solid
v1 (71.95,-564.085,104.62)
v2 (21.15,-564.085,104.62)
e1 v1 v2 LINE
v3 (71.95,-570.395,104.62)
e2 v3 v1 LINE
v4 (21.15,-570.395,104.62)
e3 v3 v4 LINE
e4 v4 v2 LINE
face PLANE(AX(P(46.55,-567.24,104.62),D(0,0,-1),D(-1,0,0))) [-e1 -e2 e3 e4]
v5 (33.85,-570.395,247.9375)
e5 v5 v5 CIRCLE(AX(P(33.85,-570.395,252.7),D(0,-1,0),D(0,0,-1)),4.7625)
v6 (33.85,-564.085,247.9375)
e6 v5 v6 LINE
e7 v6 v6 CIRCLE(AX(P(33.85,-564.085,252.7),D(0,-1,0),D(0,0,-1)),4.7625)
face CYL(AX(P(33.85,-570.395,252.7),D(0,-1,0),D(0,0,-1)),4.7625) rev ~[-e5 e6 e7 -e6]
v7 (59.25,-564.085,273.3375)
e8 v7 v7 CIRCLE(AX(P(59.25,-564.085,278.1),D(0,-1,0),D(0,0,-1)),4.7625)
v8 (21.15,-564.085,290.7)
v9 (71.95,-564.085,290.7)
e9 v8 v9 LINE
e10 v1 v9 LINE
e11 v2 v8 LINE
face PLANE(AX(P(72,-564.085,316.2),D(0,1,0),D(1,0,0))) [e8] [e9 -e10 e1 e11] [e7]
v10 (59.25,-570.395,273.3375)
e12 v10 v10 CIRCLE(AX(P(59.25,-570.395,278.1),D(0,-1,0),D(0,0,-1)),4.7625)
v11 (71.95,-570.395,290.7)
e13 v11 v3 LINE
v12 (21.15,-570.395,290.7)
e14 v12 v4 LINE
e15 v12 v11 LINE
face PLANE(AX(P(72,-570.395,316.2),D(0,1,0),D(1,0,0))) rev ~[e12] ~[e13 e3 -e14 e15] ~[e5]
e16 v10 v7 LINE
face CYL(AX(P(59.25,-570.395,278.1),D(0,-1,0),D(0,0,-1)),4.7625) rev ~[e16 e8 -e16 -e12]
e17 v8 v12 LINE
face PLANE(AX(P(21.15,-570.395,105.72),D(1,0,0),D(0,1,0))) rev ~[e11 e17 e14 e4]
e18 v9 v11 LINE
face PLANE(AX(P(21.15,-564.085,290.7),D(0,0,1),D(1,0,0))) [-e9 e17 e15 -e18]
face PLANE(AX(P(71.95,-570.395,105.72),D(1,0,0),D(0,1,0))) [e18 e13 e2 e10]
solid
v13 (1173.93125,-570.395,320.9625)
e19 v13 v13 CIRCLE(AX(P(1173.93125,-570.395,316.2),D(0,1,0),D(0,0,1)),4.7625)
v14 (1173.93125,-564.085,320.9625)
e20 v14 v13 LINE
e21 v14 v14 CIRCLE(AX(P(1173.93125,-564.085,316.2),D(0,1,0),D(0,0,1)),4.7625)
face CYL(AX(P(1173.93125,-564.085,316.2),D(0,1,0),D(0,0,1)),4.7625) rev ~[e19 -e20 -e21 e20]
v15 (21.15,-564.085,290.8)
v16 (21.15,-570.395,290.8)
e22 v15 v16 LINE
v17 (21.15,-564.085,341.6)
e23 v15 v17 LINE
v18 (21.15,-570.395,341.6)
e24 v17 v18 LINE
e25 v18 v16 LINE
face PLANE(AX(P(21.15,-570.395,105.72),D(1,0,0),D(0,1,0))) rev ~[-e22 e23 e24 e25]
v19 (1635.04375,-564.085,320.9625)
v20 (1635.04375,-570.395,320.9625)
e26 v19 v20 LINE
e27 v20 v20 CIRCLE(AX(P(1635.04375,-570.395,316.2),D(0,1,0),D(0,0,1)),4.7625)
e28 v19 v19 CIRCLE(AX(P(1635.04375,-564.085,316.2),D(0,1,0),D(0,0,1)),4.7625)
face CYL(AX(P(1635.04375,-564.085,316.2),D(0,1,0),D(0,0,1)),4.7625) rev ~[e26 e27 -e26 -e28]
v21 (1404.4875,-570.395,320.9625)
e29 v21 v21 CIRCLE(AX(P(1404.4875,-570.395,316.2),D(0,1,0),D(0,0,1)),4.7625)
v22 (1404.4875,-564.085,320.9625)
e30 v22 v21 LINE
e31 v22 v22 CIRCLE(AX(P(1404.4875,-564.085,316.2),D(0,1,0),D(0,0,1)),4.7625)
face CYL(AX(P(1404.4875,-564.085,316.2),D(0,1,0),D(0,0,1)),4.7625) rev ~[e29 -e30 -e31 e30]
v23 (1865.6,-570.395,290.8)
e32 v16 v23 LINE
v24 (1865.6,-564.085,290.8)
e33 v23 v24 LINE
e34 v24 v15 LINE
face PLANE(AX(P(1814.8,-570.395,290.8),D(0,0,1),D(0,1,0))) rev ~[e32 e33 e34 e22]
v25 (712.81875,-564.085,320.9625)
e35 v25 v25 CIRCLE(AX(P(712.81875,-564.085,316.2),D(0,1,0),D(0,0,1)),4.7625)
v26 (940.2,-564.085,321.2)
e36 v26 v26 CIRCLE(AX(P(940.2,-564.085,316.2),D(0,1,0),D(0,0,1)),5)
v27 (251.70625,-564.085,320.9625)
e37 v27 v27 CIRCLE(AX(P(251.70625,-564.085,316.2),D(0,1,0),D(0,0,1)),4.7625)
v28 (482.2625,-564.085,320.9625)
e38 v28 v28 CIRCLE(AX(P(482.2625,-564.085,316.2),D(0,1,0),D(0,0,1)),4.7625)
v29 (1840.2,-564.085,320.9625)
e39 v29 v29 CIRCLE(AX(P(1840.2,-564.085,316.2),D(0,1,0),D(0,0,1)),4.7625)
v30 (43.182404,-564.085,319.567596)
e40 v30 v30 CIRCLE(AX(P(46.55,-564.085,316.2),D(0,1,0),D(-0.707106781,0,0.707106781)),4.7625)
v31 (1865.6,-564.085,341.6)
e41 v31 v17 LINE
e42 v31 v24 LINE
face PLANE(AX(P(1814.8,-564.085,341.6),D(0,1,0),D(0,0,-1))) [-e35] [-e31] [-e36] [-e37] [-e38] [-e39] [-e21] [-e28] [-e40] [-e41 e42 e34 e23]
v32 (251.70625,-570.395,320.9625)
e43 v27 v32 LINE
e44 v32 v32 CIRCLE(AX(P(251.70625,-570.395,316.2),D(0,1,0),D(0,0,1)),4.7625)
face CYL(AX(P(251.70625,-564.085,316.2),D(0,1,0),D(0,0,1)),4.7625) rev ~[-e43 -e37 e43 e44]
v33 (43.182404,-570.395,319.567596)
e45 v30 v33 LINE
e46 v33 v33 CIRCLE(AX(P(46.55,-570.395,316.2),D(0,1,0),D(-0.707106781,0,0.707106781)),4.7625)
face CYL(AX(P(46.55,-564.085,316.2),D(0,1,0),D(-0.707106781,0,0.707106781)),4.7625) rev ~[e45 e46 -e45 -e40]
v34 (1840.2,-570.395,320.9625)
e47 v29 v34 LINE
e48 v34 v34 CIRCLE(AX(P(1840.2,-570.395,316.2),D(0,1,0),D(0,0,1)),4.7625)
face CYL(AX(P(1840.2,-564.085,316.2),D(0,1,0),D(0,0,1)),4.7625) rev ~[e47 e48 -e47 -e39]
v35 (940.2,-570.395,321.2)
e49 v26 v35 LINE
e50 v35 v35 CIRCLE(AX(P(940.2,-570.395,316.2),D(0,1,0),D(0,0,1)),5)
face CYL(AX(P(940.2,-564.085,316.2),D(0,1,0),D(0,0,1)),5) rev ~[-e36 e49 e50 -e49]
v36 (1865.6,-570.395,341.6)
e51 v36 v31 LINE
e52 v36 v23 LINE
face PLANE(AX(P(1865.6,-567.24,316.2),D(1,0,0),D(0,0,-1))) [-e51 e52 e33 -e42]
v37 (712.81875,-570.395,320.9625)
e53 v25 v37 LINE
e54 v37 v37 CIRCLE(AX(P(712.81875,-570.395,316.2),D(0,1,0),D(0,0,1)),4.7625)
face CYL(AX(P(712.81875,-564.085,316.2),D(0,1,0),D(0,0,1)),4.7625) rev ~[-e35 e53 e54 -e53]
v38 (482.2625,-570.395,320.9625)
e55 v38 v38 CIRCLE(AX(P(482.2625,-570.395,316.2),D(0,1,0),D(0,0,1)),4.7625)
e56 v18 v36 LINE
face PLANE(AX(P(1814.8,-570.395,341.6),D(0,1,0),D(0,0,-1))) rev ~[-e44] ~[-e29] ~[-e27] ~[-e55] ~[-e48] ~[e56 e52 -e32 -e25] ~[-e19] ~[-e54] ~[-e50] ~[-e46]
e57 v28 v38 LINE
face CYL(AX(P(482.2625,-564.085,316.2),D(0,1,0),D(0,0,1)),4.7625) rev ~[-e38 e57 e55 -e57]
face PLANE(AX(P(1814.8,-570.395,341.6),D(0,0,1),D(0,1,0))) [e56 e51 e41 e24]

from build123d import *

# Parameters (mm, degrees)
CROQUIS2_W               = 50.8
CROQUIS2_H               = 6.31
CROQUIS3_W               = 50.8
CROQUIS3_H               = 6.31
CROQUIS4_W               = 60
CROQUIS4_H               = 53.155
SALIENTE_EXTRUIR1_DEPTH  = 6.31
CROQUIS5_W               = 60
CROQUIS5_H               = 6.31
CORTAR_EXTRUIR1_DEPTH    = 6.31
CORTAR_EXTRUIR2_DEPTH    = 502
CROQUIS8_W               = 50.8
CROQUIS8_H               = 564.085
CORTAR_EXTRUIR3_DEPTH    = 502
CROQUIS9_W               = 314.3
CROQUIS9_H               = 1090.402933
CORTAR_EXTRUIR4_DEPTH    = 502
CROQUIS10_W              = 50.8
CROQUIS10_H              = 6.31
CORTAR_EXTRUIR5_DEPTH    = 95
CORTAR_EXTRUIR6_DEPTH    = 95
CROQUIS13_W              = 120
CROQUIS13_H              = 249.755
CORTAR_EXTRUIR7_DEPTH    = 95
CROQUIS16_W              = 125
CROQUIS16_H              = 50.8
SALIENTE_EXTRUIR4_DEPTH  = 6.31
CROQUIS17_W              = 50.8
CROQUIS17_H              = 6.31
SALIENTE_EXTRUIR5_DEPTH  = 50.8
SALIENTE_EXTRUIR6_DEPTH  = 50.8
CROQUIS21_W              = 10
CROQUIS21_H              = 50.8
CORTAR_EXTRUIR9_DEPTH    = 53
CROQUIS22_W              = 0.1
CROQUIS22_H              = 50.8
CORTAR_EXTRUIR10_DEPTH   = 10
CORTAR_EXTRUIR11_DEPTH   = 237
CROQUIS24_W              = 50.8
CROQUIS24_H              = 204.986160176
CORTAR_EXTRUIR12_DEPTH   = 237
CROQUIS25_W              = 50.8
CROQUIS25_H              = 6.31
SALIENTE_EXTRUIR7_DEPTH  = 1.1
CROQUIS26_W              = 50.8
CROQUIS26_H              = 6.31
SALIENTE_EXTRUIR8_DEPTH  = 12.7
CROQUIS27_R              = 5
CORTAR_EXTRUIR13_DEPTH   = 10
CROQUIS28_W              = 0.1
CROQUIS28_H              = 50.8
SALIENTE_EXTRUIR9_DEPTH  = 6.31
CROQUIS29_W              = 50.8
CROQUIS29_H              = 0.1
CORTAR_EXTRUIR14_DEPTH   = 50
CROQUIS30_W              = 50.8
CROQUIS30_H              = 6.31
SALIENTE_EXTRUIR10_DEPTH = 50.8
CROQUIS31_R              = 4.7625
CORTAR_EXTRUIR15_DEPTH   = 10
CROQUIS32_R              = 4.7625
CORTAR_EXTRUIR16_DEPTH   = 33
CROQUIS33_R              = 4.7625
CORTAR_EXTRUIR17_DEPTH   = 50
CROQUIS34_R              = 4.7625
CORTAR_EXTRUIR18_DEPTH   = 82


with BuildPart() as part:
    # Barrer1: sweep along a curve in space
    with BuildLine() as barrer1_path:
        Line((0, 0, 0), (0, -567.24, 0))
        Line((0, -567.24, 0), (0, -567.24, 316.2))
        Line((0, -567.24, 316.2), (1786.7, -567.24, 316.2))
        Line((1786.7, -567.24, 316.2), (1786.7, -567.24, 578))
        Line((1786.7, -567.24, 578), (1786.7, -435.47278313, 578))
        Line((1786.7, -435.47278313, 578), (1786.7, -435.47278313, 1432.002933))
    # Croquis2 → Barrer1 (sweep)
    with BuildSketch(Plane(origin=(0, 0, 0), x_dir=(1, 0, 0), z_dir=(0, 1, 0))):
        Rectangle(CROQUIS2_W, CROQUIS2_H)
        with Locations((263.5, 0)):
            Rectangle(CROQUIS2_W, CROQUIS2_H)
    sweep(path=barrer1_path.line, transition=Transition.RIGHT)

    # Barrer4: sweep along a curve in space
    with BuildLine() as barrer4_path:
        Line((-0.201028049, -3.155, -3.155), (-0.201028049, -3.155, -207.155))
        Line((-0.201028049, -3.155, -207.155), (-0.201028049, -53.155, -207.155))
    # Croquis3 → Barrer4 (sweep)
    with BuildSketch(Plane(origin=(0, 0, -3.155), x_dir=(-1, 0, 0), z_dir=(0, 0, -1))):
        with Locations((-263.5, -3.155)):
            Rectangle(CROQUIS3_W, CROQUIS3_H)
        with Locations((0, -3.155)):
            Rectangle(CROQUIS3_W, CROQUIS3_H)
    sweep(path=barrer4_path.line, transition=Transition.RIGHT)

    # Croquis4 → Saliente-Extruir1 (add)
    with BuildSketch(Plane(origin=(0, 0, -210.31), x_dir=(-1, 0, 0), z_dir=(0, 0, -1))):
        with Locations((-208.1, -26.5775)):
            Rectangle(CROQUIS4_W, CROQUIS4_H)
    extrude(amount=-SALIENTE_EXTRUIR1_DEPTH)

    # Croquis5 → Cortar-Extruir1 (cut)
    with BuildSketch(Plane.XY.offset(-204)):
        with Locations((208.1, -3.155)):
            Rectangle(CROQUIS5_W, CROQUIS5_H)
    extrude(amount=-CORTAR_EXTRUIR1_DEPTH, mode=Mode.SUBTRACT)

    # Croquis7 → Cortar-Extruir2 (cut)
    with BuildSketch(Plane.XY.offset(3.155)):
        Polygon((288.9, -564.085), (238.1, -564.085), (238.1, -68.875540851), (170.611072112, -68.875540851), (170.611072112, 0), (288.9, 0), align=None)
    extrude(amount=-CORTAR_EXTRUIR2_DEPTH, mode=Mode.SUBTRACT)

    # Croquis8 → Cortar-Extruir3 (cut)
    with BuildSketch(Plane.XY.offset(3.155)):
        with Locations((0, -282.0425)):
            Rectangle(CROQUIS8_W, CROQUIS8_H)
    extrude(amount=-CORTAR_EXTRUIR3_DEPTH, mode=Mode.SUBTRACT)

    # Croquis9 → Cortar-Extruir4 (cut)
    with BuildSketch(Plane(origin=(0, -432.31778313, 0), x_dir=(1, 0, 0), z_dir=(0, 1, 0))):
        with Locations((1918.45, -886.8014665)):
            Rectangle(CROQUIS9_W, CROQUIS9_H)
    extrude(amount=-CORTAR_EXTRUIR4_DEPTH, mode=Mode.SUBTRACT)

    # Croquis10 → Cortar-Extruir5 (cut)
    with BuildSketch(Plane(origin=(0, 0, -3.155), x_dir=(-1, 0, 0), z_dir=(0, 0, -1))):
        with Locations((0, -567.24)):
            Rectangle(CROQUIS10_W, CROQUIS10_H)
    extrude(amount=-CORTAR_EXTRUIR5_DEPTH, mode=Mode.SUBTRACT)

    # Croquis11 → Cortar-Extruir6 (cut)
    with BuildSketch(Plane(origin=(0, -564.085, 0), x_dir=(1, 0, 0), z_dir=(0, 1, 0))):
        Polygon((238.1, -78.1), (288.9, -78.1), (288.9, -27.3), align=None)
        Polygon((238.1, -78.1), (288.9, -27.3), (238.1, -27.3), align=None)
        Polygon((238.1, -27.3), (288.9, -27.3), (288.9, -3.155), (288.9, 3.155), (238.1, 3.155), (238.1, -3.155), align=None)
    extrude(amount=-CORTAR_EXTRUIR6_DEPTH, mode=Mode.SUBTRACT)

    # Croquis13 → Cortar-Extruir7 (cut)
    with BuildSketch(Plane(origin=(0, -564.085, 0), x_dir=(1, 0, 0), z_dir=(0, 1, 0))):
        with Locations((34.6, -216.7225)):
            Rectangle(CROQUIS13_W, CROQUIS13_H)
    extrude(amount=-CORTAR_EXTRUIR7_DEPTH, mode=Mode.SUBTRACT)

    # Croquis16 → Saliente-Extruir4 (add)
    with BuildSketch(Plane(origin=(0, -564.085, 0), x_dir=(1, 0, 0), z_dir=(0, 1, 0))):
        with Locations((226.4, -52.7)):
            Rectangle(CROQUIS16_W, CROQUIS16_H)
    extrude(amount=-SALIENTE_EXTRUIR4_DEPTH)

    # Barrer5: sweep along a curve in space
    with BuildLine() as barrer5_path:
        Line((94.6, -567.24, 316.2), (46.55, -567.24, 316.2))
        Line((46.55, -567.24, 316.2), (46.55, -567.24, 105.72))
    # Croquis17 → Barrer5 (sweep)
    with BuildSketch(Plane.ZY.offset(-94.6)):
        with Locations((316.2, -567.24)):
            Rectangle(CROQUIS17_W, CROQUIS17_H)
    sweep(path=barrer5_path.line, transition=Transition.RIGHT)

    # Croquis20 → Saliente-Extruir6 (add)
    with BuildSketch(Plane.ZY.offset(-163.9)):
        Polygon((78.1, -564.085), (78.1, -439.884522326), (59.966060883, -387.925515276), (54.008468178, -390.004743297), (71.79, -440.954001003), (71.79, -564.085), align=None)
    extrude(amount=-SALIENTE_EXTRUIR6_DEPTH)

    # Croquis21 → Cortar-Extruir9 (cut)
    with BuildSketch(Plane(origin=(0, -564.085, 0), x_dir=(1, 0, 0), z_dir=(0, 1, 0))):
        with Locations((1807.1, -316.2)):
            Rectangle(CROQUIS21_W, CROQUIS21_H)
    extrude(amount=-CORTAR_EXTRUIR9_DEPTH, mode=Mode.SUBTRACT)

    # Croquis22 → Cortar-Extruir10 (cut)
    with BuildSketch(Plane(origin=(0, -564.085, 0), x_dir=(1, 0, 0), z_dir=(0, 1, 0))):
        with Locations((72, -316.2)):
            Rectangle(CROQUIS22_W, CROQUIS22_H)
    extrude(amount=-CORTAR_EXTRUIR10_DEPTH, mode=Mode.SUBTRACT)

    # Croquis23 → Cortar-Extruir11 (cut)
    with BuildSketch(Plane.XZ.offset(570.395)):
        Polygon((2024.8, 341.6), (2024.8, 78.1), (163.9, 78.1), (163.9, 0), (2111.300371304, 0), (2111.300371304, 341.6), align=None)
    extrude(amount=-CORTAR_EXTRUIR11_DEPTH, mode=Mode.SUBTRACT)

    # Croquis25 → Saliente-Extruir7 (add)
    with BuildSketch(Plane(origin=(0, 0, 105.72), x_dir=(-1, 0, 0), z_dir=(0, 0, -1))):
        with Locations((-46.55, -567.24)):
            Rectangle(CROQUIS25_W, CROQUIS25_H)
    extrude(amount=SALIENTE_EXTRUIR7_DEPTH)

    # Croquis26 → Saliente-Extruir8 (add)
    with BuildSketch(Plane(origin=(1802.1, 0, 0), x_dir=(0, 0, -1), z_dir=(1, 0, 0))):
        with Locations((-316.2, -567.24)):
            Rectangle(CROQUIS26_W, CROQUIS26_H)
    extrude(amount=SALIENTE_EXTRUIR8_DEPTH)

    # Croquis27 → Cortar-Extruir13 (cut)
    with BuildSketch(Plane(origin=(0, -564.085, 0), x_dir=(1, 0, 0), z_dir=(0, 1, 0))):
        with Locations(Location((940.200000079, -316.2, 0), (0, 0, 270))):
            Circle(CROQUIS27_R)
    extrude(amount=-CORTAR_EXTRUIR13_DEPTH, mode=Mode.SUBTRACT)

    # Croquis28 → Saliente-Extruir9 (add)
    with BuildSketch(Plane(origin=(0, -564.085, 0), x_dir=(1, 0, 0), z_dir=(0, 1, 0))):
        with Locations((72, -316.2)):
            Rectangle(CROQUIS28_W, CROQUIS28_H)
    extrude(amount=-SALIENTE_EXTRUIR9_DEPTH)

    # Croquis29 → Cortar-Extruir14 (cut)
    with BuildSketch(Plane(origin=(0, -564.085, 0), x_dir=(1, 0, 0), z_dir=(0, 1, 0))):
        with Locations((46.55, -290.75)):
            Rectangle(CROQUIS29_W, CROQUIS29_H)
    extrude(amount=-CORTAR_EXTRUIR14_DEPTH, mode=Mode.SUBTRACT)


with BuildPart() as body_2:
    # Croquis18 → Saliente-Extruir5 (new body)
    with BuildSketch(Plane.ZY.offset(-21.15)):
        Polygon((98.787204793, -564.085), (98.787204793, -435.522965931), (64.969988324, -367.622744457), (59.321737777, -370.435814978), (91.897545374, -435.843461779), (91.842933, -564.085), align=None)
    extrude(amount=-SALIENTE_EXTRUIR5_DEPTH)

    # Croquis24 → Cortar-Extruir12 (cut)
    with BuildSketch(Plane.XY.offset(98.787204793)):
        with Locations((46.55, -461.591919912)):
            Rectangle(CROQUIS24_W, CROQUIS24_H)
    extrude(amount=-CORTAR_EXTRUIR12_DEPTH, mode=Mode.SUBTRACT)


with BuildPart() as cortar_extruir14_piece_1:
    # of the separate pieces the step leaves, piece 1, a body of its own (cortar_extruir14_pieces)
    add(part.part.solids().sort_by_distance((1814.8, -570.395, 341.6))[0])

    # Croquis30 → Saliente-Extruir10 (add)
    with BuildSketch(Plane(origin=(1814.8, 0, 0), x_dir=(0, 0, -1), z_dir=(1, 0, 0))):
        with Locations((-316.2, -567.24)):
            Rectangle(CROQUIS30_W, CROQUIS30_H)
    extrude(amount=SALIENTE_EXTRUIR10_DEPTH)

    # Croquis31 → Cortar-Extruir15 (cut)
    with BuildSketch(Plane(origin=(0, -564.085, 0), x_dir=(1, 0, 0), z_dir=(0, 1, 0))):
        with Locations(Location((1840.2, -316.2, 0), (0, 0, 270))):
            Circle(CROQUIS31_R)
    extrude(amount=-CORTAR_EXTRUIR15_DEPTH, mode=Mode.SUBTRACT)

    # Croquis32 → Cortar-Extruir16 (cut)
    with BuildSketch(Plane(origin=(0, -564.085, 0), x_dir=(1, 0, 0), z_dir=(0, 1, 0))):
        with Locations(Location((46.55, -316.2, 0), (0, 0, 225))):
            Circle(CROQUIS32_R)
    extrude(amount=-CORTAR_EXTRUIR16_DEPTH, mode=Mode.SUBTRACT)

    # Croquis34 → Cortar-Extruir18 (cut)
    with BuildSketch(Plane(origin=(0, -564.085, 0), x_dir=(1, 0, 0), z_dir=(0, 1, 0))):
        with Locations(Location((1635.04375, -316.2, 0), (0, 0, 270))):
            Circle(CROQUIS34_R)
        with Locations(Location((1404.4875, -316.2, 0), (0, 0, 270))):
            Circle(CROQUIS34_R)
        with Locations(Location((1173.93125, -316.2, 0), (0, 0, 270))):
            Circle(CROQUIS34_R)
        with Locations(Location((712.81875, -316.2, 0), (0, 0, 270))):
            Circle(CROQUIS34_R)
        with Locations(Location((482.2625, -316.2, 0), (0, 0, 270))):
            Circle(CROQUIS34_R)
        with Locations(Location((251.70625, -316.2, 0), (0, 0, 270))):
            Circle(CROQUIS34_R)
    extrude(amount=-CORTAR_EXTRUIR18_DEPTH, mode=Mode.SUBTRACT)


with BuildPart() as cortar_extruir14_piece_2:
    # of the separate pieces the step leaves, piece 2, a body of its own (cortar_extruir14_pieces)
    add(part.part.solids().sort_by_distance((21.15, -570.395, 290.7))[0])

    # Croquis33 → Cortar-Extruir17 (cut)
    with BuildSketch(Plane(origin=(0, -570.395, 0), x_dir=(-1, 0, 0), z_dir=(0, -1, 0))):
        with Locations(Location((-33.85, -252.7, 0), (0, 0, 90))):
            Circle(CROQUIS33_R)
        with Locations(Location((-59.25, -278.1, 0), (0, 0, 90))):
            Circle(CROQUIS33_R)
    extrude(amount=-CORTAR_EXTRUIR17_DEPTH, mode=Mode.SUBTRACT)


solid = Compound([cortar_extruir14_piece_1.part, cortar_extruir14_piece_2.part])
